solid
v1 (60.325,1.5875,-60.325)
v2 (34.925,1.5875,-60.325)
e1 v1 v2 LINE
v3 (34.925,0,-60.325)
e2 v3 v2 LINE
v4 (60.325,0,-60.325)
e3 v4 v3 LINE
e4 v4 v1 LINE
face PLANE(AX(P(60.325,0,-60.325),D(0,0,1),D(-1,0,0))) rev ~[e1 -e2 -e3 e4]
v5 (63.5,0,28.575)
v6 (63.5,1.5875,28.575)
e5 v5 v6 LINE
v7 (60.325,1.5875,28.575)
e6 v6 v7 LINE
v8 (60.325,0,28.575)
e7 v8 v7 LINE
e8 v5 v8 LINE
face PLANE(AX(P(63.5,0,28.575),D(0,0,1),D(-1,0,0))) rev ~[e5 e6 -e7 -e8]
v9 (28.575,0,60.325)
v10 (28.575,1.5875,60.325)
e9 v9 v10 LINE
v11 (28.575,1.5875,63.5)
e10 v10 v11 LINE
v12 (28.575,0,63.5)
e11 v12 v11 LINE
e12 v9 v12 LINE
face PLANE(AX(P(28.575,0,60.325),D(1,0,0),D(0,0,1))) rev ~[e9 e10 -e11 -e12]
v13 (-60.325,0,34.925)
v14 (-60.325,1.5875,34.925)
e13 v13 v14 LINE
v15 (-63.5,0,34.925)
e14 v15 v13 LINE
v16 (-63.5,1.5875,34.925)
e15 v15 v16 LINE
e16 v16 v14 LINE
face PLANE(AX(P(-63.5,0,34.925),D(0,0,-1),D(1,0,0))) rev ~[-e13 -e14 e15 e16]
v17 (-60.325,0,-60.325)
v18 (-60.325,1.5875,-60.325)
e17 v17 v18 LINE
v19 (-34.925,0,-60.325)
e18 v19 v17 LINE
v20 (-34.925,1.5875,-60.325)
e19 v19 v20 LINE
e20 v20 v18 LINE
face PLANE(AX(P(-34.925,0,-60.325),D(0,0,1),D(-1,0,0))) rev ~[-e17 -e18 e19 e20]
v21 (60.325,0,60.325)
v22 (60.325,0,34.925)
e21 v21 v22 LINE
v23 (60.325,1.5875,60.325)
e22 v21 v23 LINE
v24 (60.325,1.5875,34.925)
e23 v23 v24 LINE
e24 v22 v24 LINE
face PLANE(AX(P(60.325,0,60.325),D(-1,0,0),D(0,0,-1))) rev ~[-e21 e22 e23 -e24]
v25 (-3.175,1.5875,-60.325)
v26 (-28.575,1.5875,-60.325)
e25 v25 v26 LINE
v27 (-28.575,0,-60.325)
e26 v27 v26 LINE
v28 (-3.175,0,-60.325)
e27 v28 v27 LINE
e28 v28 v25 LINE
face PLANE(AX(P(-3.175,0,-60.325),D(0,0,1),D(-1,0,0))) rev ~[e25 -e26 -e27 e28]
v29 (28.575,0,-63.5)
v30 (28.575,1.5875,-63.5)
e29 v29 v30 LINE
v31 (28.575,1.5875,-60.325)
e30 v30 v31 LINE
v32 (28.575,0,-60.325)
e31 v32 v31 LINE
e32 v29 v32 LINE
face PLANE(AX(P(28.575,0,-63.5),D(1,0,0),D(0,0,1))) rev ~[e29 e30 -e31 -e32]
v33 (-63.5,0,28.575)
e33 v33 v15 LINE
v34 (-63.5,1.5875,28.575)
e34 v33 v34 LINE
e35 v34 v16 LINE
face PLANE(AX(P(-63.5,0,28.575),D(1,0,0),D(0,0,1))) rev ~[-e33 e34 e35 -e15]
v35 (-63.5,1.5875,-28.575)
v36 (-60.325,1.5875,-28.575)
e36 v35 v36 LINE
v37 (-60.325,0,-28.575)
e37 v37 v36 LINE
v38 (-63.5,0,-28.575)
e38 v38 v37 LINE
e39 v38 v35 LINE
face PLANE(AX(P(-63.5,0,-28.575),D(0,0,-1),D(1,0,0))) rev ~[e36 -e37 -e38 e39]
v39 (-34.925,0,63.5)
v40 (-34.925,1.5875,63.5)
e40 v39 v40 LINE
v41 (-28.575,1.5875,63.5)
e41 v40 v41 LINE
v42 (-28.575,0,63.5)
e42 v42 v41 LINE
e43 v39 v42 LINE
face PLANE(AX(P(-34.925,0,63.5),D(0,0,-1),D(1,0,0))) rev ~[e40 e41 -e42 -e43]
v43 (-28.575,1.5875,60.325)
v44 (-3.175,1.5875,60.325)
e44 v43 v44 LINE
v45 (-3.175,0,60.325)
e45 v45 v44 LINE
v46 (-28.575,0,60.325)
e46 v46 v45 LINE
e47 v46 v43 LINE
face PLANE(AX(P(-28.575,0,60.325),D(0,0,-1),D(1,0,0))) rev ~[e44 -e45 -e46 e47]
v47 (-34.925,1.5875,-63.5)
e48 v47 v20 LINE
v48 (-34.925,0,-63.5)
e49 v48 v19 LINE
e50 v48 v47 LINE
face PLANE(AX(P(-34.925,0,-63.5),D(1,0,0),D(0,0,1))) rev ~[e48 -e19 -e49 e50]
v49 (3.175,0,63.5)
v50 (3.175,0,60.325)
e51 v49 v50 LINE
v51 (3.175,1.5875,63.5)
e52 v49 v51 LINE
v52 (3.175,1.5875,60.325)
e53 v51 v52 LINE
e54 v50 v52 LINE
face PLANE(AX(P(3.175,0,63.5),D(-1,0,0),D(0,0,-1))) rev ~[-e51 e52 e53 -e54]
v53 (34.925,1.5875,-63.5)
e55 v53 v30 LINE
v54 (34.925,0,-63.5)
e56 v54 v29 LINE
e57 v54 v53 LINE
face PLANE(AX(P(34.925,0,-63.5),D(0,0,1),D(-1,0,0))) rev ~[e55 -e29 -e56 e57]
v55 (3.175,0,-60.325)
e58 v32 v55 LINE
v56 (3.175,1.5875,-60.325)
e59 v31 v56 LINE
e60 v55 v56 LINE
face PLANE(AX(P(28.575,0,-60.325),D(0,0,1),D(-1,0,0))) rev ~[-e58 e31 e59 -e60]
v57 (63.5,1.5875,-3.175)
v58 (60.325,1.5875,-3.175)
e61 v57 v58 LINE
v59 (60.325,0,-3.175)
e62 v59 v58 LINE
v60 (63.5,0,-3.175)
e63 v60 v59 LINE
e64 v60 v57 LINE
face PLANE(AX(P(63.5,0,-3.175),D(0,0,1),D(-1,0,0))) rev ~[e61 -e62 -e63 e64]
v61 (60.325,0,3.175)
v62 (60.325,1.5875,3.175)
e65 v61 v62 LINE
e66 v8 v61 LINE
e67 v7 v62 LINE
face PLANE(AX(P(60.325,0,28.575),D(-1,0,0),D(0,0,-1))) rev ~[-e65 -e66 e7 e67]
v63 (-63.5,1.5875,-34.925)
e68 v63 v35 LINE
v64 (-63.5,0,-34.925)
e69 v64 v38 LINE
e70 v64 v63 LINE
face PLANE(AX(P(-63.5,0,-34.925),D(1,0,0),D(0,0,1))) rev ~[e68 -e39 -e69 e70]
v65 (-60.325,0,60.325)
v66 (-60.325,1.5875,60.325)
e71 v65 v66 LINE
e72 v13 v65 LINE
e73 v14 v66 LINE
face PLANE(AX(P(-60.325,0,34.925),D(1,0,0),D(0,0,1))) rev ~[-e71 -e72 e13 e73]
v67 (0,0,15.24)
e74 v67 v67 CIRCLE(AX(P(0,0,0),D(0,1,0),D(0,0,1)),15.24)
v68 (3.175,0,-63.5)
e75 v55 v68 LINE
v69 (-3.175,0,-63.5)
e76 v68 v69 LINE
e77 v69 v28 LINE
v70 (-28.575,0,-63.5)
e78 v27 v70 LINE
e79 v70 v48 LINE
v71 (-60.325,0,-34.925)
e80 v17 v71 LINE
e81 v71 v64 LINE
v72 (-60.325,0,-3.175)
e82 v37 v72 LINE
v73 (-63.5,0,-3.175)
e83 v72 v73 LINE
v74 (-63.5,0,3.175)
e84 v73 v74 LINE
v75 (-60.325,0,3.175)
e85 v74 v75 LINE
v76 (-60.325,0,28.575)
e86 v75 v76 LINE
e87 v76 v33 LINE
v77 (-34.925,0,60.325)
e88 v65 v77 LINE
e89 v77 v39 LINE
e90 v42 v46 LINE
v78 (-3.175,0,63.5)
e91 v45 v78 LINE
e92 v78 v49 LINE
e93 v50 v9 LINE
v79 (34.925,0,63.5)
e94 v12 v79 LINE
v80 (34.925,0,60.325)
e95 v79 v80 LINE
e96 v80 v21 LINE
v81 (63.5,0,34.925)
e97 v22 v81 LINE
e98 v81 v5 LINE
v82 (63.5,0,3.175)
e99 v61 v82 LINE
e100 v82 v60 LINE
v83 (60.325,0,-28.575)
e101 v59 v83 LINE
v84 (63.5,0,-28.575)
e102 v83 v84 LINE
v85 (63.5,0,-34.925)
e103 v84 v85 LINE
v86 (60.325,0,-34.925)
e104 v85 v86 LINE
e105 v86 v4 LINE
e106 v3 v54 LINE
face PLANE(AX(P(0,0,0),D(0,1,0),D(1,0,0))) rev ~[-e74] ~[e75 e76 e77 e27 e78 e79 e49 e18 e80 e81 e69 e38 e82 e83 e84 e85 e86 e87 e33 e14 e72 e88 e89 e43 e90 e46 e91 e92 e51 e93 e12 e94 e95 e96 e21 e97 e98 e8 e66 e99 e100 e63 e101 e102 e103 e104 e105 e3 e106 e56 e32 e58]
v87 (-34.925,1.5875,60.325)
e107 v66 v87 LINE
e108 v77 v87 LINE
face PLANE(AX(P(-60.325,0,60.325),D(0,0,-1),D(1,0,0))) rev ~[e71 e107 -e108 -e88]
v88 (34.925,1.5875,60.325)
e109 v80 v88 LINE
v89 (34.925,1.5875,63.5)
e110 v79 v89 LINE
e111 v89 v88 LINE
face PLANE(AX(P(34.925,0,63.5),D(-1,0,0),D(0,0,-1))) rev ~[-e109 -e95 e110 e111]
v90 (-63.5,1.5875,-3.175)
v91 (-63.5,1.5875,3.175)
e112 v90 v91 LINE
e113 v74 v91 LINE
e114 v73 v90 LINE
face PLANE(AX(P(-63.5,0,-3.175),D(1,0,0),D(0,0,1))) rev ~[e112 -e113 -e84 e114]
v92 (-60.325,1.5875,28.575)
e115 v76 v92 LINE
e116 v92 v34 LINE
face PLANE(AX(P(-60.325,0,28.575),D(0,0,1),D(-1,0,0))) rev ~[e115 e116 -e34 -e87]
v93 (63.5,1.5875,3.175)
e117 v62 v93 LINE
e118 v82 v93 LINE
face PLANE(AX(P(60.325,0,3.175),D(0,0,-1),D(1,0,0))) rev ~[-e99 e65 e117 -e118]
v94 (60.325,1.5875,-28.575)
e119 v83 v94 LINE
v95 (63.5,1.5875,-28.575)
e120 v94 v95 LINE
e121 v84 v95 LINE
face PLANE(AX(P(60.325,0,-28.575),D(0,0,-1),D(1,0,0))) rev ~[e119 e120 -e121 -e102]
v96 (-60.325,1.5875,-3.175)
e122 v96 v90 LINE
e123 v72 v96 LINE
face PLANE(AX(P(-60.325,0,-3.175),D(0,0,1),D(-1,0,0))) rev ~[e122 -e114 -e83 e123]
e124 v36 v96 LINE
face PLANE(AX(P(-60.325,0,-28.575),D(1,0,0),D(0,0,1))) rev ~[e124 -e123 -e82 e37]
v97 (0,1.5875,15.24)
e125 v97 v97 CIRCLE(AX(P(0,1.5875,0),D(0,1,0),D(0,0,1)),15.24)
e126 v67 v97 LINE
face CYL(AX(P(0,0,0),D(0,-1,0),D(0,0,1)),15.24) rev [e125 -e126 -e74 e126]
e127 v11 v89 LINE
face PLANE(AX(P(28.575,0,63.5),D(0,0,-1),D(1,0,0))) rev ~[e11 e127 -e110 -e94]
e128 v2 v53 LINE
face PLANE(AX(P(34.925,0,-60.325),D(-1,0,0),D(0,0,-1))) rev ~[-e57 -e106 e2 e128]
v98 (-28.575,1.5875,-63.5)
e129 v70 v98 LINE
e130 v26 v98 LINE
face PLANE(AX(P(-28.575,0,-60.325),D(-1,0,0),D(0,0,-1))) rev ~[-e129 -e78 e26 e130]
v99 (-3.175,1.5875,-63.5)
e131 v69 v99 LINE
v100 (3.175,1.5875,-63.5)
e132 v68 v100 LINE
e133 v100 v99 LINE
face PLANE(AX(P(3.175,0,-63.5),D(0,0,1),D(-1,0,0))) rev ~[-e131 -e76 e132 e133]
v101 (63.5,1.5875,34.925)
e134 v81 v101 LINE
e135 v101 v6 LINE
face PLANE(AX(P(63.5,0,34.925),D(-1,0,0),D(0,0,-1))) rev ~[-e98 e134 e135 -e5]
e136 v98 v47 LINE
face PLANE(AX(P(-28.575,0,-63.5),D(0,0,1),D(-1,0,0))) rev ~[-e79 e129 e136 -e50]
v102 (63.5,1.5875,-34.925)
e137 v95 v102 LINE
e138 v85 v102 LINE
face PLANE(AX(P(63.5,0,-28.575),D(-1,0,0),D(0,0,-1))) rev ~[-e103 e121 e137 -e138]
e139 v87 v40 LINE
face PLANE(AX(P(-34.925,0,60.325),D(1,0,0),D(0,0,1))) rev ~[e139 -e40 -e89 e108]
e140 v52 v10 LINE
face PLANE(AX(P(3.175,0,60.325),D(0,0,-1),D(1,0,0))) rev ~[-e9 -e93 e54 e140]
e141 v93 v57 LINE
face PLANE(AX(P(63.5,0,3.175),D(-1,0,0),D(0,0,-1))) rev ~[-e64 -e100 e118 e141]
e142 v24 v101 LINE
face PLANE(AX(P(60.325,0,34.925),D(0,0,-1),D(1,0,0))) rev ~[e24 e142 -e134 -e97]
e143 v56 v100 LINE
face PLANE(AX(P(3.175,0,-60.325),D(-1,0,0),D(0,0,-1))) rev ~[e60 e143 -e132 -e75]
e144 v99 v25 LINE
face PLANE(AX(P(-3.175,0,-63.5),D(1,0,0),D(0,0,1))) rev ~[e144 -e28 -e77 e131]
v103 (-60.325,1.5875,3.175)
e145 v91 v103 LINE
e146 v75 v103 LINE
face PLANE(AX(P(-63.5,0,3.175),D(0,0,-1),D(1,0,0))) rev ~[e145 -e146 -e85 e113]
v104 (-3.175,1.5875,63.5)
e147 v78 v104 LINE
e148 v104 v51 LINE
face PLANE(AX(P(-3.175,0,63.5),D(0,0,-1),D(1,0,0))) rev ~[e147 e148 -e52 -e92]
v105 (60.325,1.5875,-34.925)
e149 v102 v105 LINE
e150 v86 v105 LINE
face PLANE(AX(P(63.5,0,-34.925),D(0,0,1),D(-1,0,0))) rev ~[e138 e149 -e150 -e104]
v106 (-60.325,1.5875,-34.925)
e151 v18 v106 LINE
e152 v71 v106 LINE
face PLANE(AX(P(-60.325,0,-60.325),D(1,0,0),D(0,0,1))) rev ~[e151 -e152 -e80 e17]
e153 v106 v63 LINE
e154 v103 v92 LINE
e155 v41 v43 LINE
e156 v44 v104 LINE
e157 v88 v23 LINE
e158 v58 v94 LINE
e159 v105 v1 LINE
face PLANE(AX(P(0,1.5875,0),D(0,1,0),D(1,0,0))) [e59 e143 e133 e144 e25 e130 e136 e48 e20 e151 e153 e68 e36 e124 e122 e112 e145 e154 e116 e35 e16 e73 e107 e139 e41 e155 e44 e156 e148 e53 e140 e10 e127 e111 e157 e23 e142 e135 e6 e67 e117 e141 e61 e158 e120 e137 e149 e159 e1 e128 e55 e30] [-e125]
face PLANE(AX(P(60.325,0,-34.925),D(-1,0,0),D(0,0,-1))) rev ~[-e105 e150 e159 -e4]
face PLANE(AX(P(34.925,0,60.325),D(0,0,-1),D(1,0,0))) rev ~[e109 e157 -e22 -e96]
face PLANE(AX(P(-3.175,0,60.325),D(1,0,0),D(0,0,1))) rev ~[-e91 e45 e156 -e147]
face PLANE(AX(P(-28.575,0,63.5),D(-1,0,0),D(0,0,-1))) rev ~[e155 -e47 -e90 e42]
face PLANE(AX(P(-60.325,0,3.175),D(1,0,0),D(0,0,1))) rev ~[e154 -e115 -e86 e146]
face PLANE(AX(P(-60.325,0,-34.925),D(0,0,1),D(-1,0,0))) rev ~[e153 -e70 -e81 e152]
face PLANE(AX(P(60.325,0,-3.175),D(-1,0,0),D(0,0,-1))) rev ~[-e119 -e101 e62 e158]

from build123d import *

# Parameters (mm, degrees)
SKETCH1_R           = 15.24
BOSS_EXTRUDE1_DEPTH = 1.5875


with BuildPart() as part:
    # Sketch1 → Boss-Extrude1 (new body)
    with BuildSketch(Plane(origin=(0, 0, 0), x_dir=(1, 0, 0), z_dir=(0, 1, 0))):
        Polygon((3.175, 63.5), (-3.175, 63.5), (-3.175, 60.325), (-28.575, 60.325), (-28.575, 63.5), (-34.925, 63.5), (-34.925, 60.325), (-60.325, 60.325), (-60.325, 34.925), (-63.5, 34.925), (-63.5, 28.575), (-60.325, 28.575), (-60.325, 3.175), (-63.5, 3.175), (-63.5, -3.175), (-60.325, -3.175), (-60.325, -28.575), (-63.5, -28.575), (-63.5, -34.925), (-60.325, -34.925), (-60.325, -60.325), (-34.925, -60.325), (-34.925, -63.5), (-28.575, -63.5), (-28.575, -60.325), (-3.175, -60.325), (-3.175, -63.5), (3.175, -63.5), (3.175, -60.325), (28.575, -60.325), (28.575, -63.5), (34.925, -63.5), (34.925, -60.325), (60.325, -60.325), (60.325, -34.925), (63.5, -34.925), (63.5, -28.575), (60.325, -28.575), (60.325, -3.175), (63.5, -3.175), (63.5, 3.175), (60.325, 3.175), (60.325, 28.575), (63.5, 28.575), (63.5, 34.925), (60.325, 34.925), (60.325, 60.325), (34.925, 60.325), (34.925, 63.5), (28.575, 63.5), (28.575, 60.325), (3.175, 60.325), align=None)
        with Locations(Location((0, 0, 0), (0, 0, 270))):
            Circle(SKETCH1_R, mode=Mode.SUBTRACT)
    extrude(amount=BOSS_EXTRUDE1_DEPTH)


solid = part.part
